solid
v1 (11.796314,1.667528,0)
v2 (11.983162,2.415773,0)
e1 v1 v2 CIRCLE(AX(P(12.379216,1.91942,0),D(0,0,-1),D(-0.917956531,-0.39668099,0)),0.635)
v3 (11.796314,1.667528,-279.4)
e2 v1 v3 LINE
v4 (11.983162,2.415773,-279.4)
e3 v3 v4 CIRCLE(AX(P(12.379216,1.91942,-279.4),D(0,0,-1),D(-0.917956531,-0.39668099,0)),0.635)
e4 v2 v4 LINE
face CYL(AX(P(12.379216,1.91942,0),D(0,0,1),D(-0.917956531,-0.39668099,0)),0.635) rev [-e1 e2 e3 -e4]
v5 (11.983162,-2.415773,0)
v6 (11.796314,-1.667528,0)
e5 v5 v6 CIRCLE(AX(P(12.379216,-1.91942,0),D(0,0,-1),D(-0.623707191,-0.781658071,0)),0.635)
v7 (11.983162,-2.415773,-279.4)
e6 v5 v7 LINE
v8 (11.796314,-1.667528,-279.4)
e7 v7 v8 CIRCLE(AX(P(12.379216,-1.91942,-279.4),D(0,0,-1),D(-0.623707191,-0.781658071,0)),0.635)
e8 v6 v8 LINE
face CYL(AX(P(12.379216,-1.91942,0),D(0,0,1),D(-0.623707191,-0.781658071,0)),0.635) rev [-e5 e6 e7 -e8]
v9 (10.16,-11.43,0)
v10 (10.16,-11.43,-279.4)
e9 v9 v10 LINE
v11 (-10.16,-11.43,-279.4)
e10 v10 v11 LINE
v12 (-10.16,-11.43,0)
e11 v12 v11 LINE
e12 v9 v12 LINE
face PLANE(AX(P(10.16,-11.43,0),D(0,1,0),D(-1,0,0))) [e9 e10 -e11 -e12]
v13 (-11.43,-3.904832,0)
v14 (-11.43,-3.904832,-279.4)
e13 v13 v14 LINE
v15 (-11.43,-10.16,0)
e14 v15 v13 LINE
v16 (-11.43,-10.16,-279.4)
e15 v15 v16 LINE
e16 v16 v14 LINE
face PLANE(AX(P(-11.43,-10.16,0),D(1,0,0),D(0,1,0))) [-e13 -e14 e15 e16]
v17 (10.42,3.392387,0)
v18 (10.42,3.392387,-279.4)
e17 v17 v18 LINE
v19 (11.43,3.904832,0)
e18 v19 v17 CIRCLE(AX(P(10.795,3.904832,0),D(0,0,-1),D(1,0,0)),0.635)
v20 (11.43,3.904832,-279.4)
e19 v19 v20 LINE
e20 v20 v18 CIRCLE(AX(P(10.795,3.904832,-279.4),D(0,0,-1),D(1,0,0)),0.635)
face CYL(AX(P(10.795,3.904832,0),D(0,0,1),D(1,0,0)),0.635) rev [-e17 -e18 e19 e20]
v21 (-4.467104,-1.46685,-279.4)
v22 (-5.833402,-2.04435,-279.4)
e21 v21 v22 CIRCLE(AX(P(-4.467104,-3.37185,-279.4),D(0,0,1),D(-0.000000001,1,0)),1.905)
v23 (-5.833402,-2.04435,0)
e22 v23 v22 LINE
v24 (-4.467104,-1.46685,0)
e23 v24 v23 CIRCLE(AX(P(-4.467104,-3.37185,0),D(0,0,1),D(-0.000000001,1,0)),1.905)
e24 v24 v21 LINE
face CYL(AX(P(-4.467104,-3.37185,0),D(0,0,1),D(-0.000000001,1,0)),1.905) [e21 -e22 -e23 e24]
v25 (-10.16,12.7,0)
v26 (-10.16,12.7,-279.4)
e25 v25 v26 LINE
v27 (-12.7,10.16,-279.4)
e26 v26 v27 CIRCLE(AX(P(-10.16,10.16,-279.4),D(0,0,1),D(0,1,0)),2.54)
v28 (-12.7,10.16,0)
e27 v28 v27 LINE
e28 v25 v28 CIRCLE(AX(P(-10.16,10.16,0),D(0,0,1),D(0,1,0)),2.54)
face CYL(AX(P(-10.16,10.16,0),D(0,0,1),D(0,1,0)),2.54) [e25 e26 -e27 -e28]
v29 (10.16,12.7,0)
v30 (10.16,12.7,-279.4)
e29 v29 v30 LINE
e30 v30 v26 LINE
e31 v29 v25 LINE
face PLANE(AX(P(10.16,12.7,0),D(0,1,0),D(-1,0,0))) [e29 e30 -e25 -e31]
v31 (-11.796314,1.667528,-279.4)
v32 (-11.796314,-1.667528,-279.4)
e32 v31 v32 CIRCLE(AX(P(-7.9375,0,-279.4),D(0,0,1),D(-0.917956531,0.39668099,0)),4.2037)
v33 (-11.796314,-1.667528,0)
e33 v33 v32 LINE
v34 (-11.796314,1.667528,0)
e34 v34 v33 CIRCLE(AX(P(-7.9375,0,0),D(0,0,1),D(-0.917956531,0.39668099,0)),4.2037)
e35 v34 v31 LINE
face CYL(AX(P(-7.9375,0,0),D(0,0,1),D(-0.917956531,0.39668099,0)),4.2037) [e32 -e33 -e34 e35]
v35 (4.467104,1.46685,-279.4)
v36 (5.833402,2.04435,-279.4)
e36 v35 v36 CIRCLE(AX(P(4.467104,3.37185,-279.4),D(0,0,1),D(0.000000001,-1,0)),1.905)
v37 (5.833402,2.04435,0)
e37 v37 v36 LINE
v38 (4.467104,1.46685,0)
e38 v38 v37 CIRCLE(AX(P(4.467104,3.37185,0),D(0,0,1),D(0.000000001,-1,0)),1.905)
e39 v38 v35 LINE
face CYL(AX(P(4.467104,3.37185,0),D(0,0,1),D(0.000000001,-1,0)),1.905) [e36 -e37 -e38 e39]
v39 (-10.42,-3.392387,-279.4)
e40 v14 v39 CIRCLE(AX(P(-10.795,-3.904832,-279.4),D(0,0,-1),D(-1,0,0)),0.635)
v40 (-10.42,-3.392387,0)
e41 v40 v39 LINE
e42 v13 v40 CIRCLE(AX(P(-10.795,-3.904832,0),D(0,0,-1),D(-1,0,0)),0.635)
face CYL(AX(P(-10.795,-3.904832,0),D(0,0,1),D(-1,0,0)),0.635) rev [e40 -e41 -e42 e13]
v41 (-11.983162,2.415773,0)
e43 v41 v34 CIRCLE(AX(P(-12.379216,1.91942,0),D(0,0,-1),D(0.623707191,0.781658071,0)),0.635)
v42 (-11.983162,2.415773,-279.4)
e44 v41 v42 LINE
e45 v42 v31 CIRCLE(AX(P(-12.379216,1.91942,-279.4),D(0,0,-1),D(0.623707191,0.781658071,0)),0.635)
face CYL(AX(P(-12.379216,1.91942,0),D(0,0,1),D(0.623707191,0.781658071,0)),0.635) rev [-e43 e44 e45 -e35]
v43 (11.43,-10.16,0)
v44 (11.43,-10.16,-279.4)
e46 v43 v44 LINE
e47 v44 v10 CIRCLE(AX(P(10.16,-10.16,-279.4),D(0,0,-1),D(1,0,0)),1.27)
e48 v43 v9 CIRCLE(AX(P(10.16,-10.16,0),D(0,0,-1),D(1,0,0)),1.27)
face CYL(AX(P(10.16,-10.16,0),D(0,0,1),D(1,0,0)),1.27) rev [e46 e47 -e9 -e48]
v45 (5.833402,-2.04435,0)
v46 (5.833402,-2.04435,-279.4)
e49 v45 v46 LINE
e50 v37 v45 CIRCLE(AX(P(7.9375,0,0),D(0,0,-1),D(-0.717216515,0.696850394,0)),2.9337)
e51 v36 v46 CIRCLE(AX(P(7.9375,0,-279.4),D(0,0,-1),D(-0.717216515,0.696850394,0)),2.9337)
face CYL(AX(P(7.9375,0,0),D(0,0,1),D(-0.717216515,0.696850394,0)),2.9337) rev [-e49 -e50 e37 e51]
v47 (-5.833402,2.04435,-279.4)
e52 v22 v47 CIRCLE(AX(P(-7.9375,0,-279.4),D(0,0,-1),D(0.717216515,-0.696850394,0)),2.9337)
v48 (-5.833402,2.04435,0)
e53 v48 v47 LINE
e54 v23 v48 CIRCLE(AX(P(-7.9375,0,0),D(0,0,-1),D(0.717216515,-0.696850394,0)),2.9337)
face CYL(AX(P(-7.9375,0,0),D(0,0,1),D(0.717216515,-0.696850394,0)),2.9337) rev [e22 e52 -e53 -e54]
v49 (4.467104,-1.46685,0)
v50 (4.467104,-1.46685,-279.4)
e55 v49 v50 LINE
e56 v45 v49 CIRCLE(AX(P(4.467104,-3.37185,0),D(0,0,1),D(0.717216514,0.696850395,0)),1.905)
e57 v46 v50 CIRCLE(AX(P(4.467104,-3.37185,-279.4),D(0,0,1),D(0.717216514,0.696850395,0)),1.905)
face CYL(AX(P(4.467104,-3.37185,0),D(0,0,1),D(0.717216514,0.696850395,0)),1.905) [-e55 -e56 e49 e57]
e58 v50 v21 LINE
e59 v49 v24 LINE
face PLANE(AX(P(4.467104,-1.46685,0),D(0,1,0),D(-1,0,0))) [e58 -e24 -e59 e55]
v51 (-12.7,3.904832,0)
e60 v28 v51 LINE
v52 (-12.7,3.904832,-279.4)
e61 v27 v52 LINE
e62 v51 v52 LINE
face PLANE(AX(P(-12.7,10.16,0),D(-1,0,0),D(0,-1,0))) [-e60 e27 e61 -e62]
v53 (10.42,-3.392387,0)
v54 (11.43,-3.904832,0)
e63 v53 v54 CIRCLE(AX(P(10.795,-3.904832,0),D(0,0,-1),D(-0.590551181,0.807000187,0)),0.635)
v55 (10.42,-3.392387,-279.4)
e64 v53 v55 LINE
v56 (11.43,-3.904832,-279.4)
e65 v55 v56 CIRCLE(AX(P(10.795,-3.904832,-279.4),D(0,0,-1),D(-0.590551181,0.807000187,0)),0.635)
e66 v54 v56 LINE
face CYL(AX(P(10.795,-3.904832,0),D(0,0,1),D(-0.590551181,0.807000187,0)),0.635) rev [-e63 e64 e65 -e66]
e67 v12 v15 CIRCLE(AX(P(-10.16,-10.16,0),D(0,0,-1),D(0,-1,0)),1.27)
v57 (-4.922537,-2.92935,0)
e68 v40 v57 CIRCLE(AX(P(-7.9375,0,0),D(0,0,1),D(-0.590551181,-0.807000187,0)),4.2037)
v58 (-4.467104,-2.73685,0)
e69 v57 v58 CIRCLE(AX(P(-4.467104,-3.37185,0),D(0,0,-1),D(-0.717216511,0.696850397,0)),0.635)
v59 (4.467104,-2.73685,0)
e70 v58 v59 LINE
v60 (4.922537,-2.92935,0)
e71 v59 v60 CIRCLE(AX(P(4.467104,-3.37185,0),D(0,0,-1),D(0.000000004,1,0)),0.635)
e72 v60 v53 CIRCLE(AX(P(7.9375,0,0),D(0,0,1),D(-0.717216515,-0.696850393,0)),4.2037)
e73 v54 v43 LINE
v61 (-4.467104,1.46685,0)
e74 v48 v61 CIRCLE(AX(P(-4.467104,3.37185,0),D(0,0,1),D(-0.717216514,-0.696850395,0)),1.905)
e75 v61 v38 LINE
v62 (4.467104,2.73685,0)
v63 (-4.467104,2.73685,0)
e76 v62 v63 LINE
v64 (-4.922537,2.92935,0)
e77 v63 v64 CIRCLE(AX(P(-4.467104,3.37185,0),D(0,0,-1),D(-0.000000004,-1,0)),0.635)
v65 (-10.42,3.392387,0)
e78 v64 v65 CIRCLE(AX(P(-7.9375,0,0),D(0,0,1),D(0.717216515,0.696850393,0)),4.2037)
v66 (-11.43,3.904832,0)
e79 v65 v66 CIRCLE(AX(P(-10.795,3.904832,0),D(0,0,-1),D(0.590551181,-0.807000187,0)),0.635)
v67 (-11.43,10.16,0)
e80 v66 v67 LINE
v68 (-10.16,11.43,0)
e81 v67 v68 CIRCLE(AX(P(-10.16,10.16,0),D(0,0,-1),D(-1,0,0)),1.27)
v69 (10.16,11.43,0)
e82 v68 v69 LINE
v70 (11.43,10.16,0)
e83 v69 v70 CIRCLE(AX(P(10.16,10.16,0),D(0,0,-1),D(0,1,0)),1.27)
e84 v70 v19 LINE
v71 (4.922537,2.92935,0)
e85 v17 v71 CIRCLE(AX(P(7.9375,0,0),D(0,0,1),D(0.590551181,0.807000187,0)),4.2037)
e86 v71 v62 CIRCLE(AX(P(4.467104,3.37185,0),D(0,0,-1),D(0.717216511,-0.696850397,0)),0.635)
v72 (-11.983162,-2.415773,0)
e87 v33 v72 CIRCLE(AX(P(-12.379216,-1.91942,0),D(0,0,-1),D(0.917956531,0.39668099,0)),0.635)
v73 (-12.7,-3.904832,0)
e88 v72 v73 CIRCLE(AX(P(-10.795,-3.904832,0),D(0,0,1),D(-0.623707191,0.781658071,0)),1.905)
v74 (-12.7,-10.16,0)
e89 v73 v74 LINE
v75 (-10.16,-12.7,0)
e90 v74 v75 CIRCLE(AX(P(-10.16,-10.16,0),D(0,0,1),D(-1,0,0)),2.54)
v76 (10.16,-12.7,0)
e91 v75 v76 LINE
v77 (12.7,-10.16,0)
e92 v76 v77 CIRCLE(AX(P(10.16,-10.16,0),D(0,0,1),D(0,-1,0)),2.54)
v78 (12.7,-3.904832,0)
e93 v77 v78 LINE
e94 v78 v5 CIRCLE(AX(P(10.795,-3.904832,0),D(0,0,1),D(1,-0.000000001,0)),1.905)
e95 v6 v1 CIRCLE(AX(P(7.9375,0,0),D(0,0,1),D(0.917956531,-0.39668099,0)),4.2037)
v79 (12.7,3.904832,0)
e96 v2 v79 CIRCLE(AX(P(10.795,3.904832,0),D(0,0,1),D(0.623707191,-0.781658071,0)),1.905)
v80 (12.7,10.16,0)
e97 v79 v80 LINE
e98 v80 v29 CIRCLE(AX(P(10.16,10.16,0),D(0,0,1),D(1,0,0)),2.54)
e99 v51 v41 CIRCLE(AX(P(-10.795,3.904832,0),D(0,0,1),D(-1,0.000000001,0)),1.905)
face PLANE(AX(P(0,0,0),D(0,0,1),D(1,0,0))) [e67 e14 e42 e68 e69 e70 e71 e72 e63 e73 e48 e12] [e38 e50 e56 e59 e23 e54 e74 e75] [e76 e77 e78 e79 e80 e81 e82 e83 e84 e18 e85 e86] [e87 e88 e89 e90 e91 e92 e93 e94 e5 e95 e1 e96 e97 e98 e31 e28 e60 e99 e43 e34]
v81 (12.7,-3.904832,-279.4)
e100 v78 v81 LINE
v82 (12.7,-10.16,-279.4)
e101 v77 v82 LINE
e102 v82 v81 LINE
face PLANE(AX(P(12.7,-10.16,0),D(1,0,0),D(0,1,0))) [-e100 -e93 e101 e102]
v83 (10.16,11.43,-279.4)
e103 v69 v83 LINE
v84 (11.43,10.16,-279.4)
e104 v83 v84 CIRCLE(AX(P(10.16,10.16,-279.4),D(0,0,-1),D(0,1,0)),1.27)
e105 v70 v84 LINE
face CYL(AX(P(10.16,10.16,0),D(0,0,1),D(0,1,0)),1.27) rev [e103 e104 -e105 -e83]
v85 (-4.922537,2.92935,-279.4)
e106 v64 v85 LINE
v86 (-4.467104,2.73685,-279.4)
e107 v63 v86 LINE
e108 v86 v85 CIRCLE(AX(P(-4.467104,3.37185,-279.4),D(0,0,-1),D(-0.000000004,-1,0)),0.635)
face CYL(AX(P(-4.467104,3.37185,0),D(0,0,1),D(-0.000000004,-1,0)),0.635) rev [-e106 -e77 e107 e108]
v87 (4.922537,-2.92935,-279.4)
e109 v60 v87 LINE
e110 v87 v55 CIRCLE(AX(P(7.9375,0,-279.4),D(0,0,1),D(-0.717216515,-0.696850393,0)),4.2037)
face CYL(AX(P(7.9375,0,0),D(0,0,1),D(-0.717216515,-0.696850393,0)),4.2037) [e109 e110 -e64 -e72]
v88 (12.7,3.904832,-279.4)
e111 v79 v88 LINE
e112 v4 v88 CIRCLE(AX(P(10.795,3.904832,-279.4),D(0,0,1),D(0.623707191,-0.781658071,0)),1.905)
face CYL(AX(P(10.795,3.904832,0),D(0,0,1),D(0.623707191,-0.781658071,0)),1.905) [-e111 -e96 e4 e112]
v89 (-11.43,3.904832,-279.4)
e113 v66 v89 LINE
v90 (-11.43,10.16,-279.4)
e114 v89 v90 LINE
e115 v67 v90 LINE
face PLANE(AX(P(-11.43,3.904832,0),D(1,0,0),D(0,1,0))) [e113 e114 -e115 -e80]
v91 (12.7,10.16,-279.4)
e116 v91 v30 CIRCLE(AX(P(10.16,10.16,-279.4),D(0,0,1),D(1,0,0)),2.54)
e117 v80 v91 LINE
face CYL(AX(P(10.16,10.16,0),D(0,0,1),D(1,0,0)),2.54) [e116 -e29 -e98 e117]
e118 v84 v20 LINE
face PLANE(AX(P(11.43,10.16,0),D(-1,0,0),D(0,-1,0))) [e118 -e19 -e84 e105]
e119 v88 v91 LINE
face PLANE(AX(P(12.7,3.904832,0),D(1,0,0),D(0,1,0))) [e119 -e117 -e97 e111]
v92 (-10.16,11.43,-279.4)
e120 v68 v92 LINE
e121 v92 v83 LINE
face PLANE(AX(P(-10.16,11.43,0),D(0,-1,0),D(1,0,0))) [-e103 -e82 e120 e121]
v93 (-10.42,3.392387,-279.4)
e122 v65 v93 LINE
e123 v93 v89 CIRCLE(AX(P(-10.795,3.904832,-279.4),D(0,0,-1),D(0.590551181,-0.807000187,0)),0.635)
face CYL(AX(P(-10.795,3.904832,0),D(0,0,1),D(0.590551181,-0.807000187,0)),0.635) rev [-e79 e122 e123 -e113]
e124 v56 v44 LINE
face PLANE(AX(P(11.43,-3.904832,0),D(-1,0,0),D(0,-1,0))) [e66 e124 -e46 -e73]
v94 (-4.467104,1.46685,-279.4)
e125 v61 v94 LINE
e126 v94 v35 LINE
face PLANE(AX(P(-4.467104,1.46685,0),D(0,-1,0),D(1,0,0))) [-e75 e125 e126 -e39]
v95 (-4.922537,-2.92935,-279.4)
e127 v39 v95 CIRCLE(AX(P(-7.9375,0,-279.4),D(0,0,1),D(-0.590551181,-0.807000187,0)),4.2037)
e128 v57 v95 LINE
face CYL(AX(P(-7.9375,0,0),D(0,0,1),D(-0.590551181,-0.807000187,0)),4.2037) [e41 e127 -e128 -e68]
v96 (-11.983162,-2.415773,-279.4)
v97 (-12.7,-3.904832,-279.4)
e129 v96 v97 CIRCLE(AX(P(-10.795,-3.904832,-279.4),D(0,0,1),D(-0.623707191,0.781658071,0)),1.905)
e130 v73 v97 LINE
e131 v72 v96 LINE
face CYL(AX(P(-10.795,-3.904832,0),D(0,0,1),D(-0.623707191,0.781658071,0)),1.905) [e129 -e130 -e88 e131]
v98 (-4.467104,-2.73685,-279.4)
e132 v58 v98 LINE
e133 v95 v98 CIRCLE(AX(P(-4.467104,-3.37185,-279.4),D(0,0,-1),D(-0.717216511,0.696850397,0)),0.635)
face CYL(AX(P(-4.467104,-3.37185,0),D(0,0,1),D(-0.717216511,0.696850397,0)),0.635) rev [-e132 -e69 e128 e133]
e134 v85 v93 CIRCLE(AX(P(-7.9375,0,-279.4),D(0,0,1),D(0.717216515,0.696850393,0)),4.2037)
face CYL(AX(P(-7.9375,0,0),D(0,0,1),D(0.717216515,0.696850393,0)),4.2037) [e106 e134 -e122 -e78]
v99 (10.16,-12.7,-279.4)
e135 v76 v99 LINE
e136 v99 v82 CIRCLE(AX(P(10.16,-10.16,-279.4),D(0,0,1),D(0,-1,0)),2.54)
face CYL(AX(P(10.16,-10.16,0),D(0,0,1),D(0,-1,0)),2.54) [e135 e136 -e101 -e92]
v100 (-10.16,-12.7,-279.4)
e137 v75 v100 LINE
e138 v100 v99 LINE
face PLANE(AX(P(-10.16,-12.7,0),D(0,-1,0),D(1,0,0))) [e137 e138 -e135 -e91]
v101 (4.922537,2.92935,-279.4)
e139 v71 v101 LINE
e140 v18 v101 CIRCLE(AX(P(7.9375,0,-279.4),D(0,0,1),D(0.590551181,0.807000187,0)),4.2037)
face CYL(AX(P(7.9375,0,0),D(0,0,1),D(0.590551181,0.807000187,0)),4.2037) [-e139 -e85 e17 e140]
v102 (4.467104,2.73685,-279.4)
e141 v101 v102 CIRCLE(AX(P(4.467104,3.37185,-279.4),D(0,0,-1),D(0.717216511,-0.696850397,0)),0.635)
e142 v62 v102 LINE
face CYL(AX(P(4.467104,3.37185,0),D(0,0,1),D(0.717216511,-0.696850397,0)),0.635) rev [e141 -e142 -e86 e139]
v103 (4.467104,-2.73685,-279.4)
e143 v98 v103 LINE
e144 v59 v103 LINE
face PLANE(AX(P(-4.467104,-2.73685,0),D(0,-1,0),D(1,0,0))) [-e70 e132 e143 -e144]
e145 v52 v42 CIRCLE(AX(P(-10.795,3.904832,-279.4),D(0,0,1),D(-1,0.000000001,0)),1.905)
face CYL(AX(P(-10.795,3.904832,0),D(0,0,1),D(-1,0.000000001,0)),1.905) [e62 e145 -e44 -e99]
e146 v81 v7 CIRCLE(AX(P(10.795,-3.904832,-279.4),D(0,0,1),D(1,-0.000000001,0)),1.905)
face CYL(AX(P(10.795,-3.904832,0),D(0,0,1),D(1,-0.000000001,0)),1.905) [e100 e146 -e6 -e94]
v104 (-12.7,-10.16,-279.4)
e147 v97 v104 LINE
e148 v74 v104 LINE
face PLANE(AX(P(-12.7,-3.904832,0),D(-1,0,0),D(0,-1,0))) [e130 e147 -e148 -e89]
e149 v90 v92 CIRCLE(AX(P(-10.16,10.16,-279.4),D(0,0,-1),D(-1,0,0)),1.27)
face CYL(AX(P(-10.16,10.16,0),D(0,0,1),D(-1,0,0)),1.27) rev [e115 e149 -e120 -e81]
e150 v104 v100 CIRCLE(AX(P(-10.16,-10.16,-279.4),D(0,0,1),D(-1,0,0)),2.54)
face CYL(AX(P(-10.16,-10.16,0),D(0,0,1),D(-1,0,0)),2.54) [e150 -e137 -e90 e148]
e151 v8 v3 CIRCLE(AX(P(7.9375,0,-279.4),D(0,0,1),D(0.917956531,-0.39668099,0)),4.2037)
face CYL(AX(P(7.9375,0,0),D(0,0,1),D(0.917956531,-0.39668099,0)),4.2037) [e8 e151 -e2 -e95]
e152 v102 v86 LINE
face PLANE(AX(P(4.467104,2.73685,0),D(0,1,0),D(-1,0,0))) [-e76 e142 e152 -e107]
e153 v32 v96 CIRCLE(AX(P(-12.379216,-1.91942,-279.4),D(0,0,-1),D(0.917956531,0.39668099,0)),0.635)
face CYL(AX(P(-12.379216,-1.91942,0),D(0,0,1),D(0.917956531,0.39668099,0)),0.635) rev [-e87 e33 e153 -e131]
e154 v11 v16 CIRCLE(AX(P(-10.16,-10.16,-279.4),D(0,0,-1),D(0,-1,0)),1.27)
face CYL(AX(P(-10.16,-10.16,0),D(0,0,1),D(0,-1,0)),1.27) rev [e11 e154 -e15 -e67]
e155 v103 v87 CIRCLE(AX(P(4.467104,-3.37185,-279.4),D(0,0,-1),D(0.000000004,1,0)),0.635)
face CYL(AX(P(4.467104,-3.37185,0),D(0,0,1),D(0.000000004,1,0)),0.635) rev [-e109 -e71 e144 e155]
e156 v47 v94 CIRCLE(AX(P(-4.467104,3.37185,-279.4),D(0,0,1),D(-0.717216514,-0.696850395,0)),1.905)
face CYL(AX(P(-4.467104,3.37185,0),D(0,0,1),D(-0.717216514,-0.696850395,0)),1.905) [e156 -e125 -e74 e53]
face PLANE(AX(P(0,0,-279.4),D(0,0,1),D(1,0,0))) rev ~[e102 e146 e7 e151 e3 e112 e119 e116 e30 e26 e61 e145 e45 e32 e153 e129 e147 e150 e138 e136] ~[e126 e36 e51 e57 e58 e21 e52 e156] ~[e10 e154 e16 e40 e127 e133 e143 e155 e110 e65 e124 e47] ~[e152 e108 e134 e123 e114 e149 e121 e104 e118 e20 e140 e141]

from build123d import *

# Parameters (mm, degrees)
BOSS_EXTRUDE1_DEPTH = 279.4


with BuildPart() as part:
    # Sketch1 → Boss-Extrude1 (new body)
    with BuildSketch(Plane.XY):
        with BuildLine():
            Line((12.7, 3.904831807), (12.7, 10.16))
            ThreePointArc((12.7, 10.16), (11.956051224, 11.956051224), (10.16, 12.7))
            Line((10.16, 12.7), (-10.16, 12.7))
            ThreePointArc((-10.16, 12.7), (-11.956051224, 11.956051224), (-12.7, 10.16))
            Line((-12.7, 10.16), (-12.7, 3.904831807))
            ThreePointArc((-12.7, 3.904831807), (-12.511460601, 3.078521934), (-11.983162199, 2.415773182))
            ThreePointArc((-11.983162199, 2.415773182), (-11.763134535, 2.073265365), (-11.796313868, 1.667527878))
            ThreePointArc((-11.796313868, 1.667527878), (-12.1412, 0), (-11.796313868, -1.667527878))
            ThreePointArc((-11.796313868, -1.667527878), (-11.763134535, -2.073265365), (-11.983162199, -2.415773182))
            ThreePointArc((-11.983162199, -2.415773182), (-12.511460601, -3.078521934), (-12.7, -3.904831807))
            Line((-12.7, -3.904831807), (-12.7, -10.16))
            ThreePointArc((-12.7, -10.16), (-11.956051224, -11.956051224), (-10.16, -12.7))
            Line((-10.16, -12.7), (10.16, -12.7))
            ThreePointArc((10.16, -12.7), (11.956051224, -11.956051224), (12.7, -10.16))
            Line((12.7, -10.16), (12.7, -3.904831807))
            ThreePointArc((12.7, -3.904831807), (12.511460601, -3.078521934), (11.983162199, -2.415773182))
            ThreePointArc((11.983162199, -2.415773182), (11.763134535, -2.073265365), (11.796313868, -1.667527878))
            ThreePointArc((11.796313868, -1.667527878), (12.1412, 0), (11.796313868, 1.667527878))
            ThreePointArc((11.796313868, 1.667527878), (11.763134535, 2.073265365), (11.983162199, 2.415773182))
            ThreePointArc((11.983162199, 2.415773182), (12.511460601, 3.078521934), (12.7, 3.904831807))
        make_face()
        with BuildLine():
            Line((4.467104451, -1.46685), (-4.467104451, -1.46685))
            ThreePointArc((-4.467104451, -1.46685), (-5.208770649, -1.617154514), (-5.833401911, -2.04435))
            ThreePointArc((-5.833401911, -2.04435), (-10.8712, 0), (-5.833401911, 2.04435))
            ThreePointArc((-5.833401911, 2.04435), (-5.208770649, 1.617154514), (-4.467104451, 1.46685))
            Line((-4.467104451, 1.46685), (4.467104451, 1.46685))
            ThreePointArc((4.467104451, 1.46685), (5.208770649, 1.617154514), (5.833401911, 2.04435))
            ThreePointArc((5.833401911, 2.04435), (10.8712, 0), (5.833401911, -2.04435))
            ThreePointArc((5.833401911, -2.04435), (5.208770649, -1.617154514), (4.467104451, -1.46685))
        make_face(mode=Mode.SUBTRACT)
        with BuildLine():
            Line((11.43, 10.16), (11.43, 3.904831807))
            ThreePointArc((11.43, 3.904831807), (11.082315158, 3.338550075), (10.42, 3.392386688))
            ThreePointArc((10.42, 3.392386688), (7.584682807, 4.188867833), (4.922536938, 2.92935))
            ThreePointArc((4.922536938, 2.92935), (4.714326517, 2.786951505), (4.467104451, 2.73685))
            Line((4.467104451, 2.73685), (-4.467104451, 2.73685))
            ThreePointArc((-4.467104451, 2.73685), (-4.714326517, 2.786951505), (-4.922536938, 2.92935))
            ThreePointArc((-4.922536938, 2.92935), (-7.584682807, 4.188867833), (-10.42, 3.392386688))
            ThreePointArc((-10.42, 3.392386688), (-11.082315158, 3.338550075), (-11.43, 3.904831807))
            Line((-11.43, 3.904831807), (-11.43, 10.16))
            ThreePointArc((-11.43, 10.16), (-11.058025612, 11.058025612), (-10.16, 11.43))
            Line((-10.16, 11.43), (10.16, 11.43))
            ThreePointArc((10.16, 11.43), (11.058025612, 11.058025612), (11.43, 10.16))
        make_face(mode=Mode.SUBTRACT)
        with BuildLine():
            Line((11.43, -3.904831807), (11.43, -10.16))
            ThreePointArc((11.43, -10.16), (11.058025612, -11.058025612), (10.16, -11.43))
            Line((10.16, -11.43), (-10.16, -11.43))
            ThreePointArc((-10.16, -11.43), (-11.058025612, -11.058025612), (-11.43, -10.16))
            Line((-11.43, -10.16), (-11.43, -3.904831807))
            ThreePointArc((-11.43, -3.904831807), (-11.082315158, -3.338550075), (-10.42, -3.392386688))
            ThreePointArc((-10.42, -3.392386688), (-7.584682807, -4.188867833), (-4.922536938, -2.92935))
            ThreePointArc((-4.922536938, -2.92935), (-4.714326517, -2.786951505), (-4.467104451, -2.73685))
            Line((-4.467104451, -2.73685), (4.467104451, -2.73685))
            ThreePointArc((4.467104451, -2.73685), (4.714326517, -2.786951505), (4.922536938, -2.92935))
            ThreePointArc((4.922536938, -2.92935), (7.584682807, -4.188867833), (10.42, -3.392386688))
            ThreePointArc((10.42, -3.392386688), (11.082315158, -3.338550075), (11.43, -3.904831807))
        make_face(mode=Mode.SUBTRACT)
    extrude(amount=-BOSS_EXTRUDE1_DEPTH)


solid = part.part
